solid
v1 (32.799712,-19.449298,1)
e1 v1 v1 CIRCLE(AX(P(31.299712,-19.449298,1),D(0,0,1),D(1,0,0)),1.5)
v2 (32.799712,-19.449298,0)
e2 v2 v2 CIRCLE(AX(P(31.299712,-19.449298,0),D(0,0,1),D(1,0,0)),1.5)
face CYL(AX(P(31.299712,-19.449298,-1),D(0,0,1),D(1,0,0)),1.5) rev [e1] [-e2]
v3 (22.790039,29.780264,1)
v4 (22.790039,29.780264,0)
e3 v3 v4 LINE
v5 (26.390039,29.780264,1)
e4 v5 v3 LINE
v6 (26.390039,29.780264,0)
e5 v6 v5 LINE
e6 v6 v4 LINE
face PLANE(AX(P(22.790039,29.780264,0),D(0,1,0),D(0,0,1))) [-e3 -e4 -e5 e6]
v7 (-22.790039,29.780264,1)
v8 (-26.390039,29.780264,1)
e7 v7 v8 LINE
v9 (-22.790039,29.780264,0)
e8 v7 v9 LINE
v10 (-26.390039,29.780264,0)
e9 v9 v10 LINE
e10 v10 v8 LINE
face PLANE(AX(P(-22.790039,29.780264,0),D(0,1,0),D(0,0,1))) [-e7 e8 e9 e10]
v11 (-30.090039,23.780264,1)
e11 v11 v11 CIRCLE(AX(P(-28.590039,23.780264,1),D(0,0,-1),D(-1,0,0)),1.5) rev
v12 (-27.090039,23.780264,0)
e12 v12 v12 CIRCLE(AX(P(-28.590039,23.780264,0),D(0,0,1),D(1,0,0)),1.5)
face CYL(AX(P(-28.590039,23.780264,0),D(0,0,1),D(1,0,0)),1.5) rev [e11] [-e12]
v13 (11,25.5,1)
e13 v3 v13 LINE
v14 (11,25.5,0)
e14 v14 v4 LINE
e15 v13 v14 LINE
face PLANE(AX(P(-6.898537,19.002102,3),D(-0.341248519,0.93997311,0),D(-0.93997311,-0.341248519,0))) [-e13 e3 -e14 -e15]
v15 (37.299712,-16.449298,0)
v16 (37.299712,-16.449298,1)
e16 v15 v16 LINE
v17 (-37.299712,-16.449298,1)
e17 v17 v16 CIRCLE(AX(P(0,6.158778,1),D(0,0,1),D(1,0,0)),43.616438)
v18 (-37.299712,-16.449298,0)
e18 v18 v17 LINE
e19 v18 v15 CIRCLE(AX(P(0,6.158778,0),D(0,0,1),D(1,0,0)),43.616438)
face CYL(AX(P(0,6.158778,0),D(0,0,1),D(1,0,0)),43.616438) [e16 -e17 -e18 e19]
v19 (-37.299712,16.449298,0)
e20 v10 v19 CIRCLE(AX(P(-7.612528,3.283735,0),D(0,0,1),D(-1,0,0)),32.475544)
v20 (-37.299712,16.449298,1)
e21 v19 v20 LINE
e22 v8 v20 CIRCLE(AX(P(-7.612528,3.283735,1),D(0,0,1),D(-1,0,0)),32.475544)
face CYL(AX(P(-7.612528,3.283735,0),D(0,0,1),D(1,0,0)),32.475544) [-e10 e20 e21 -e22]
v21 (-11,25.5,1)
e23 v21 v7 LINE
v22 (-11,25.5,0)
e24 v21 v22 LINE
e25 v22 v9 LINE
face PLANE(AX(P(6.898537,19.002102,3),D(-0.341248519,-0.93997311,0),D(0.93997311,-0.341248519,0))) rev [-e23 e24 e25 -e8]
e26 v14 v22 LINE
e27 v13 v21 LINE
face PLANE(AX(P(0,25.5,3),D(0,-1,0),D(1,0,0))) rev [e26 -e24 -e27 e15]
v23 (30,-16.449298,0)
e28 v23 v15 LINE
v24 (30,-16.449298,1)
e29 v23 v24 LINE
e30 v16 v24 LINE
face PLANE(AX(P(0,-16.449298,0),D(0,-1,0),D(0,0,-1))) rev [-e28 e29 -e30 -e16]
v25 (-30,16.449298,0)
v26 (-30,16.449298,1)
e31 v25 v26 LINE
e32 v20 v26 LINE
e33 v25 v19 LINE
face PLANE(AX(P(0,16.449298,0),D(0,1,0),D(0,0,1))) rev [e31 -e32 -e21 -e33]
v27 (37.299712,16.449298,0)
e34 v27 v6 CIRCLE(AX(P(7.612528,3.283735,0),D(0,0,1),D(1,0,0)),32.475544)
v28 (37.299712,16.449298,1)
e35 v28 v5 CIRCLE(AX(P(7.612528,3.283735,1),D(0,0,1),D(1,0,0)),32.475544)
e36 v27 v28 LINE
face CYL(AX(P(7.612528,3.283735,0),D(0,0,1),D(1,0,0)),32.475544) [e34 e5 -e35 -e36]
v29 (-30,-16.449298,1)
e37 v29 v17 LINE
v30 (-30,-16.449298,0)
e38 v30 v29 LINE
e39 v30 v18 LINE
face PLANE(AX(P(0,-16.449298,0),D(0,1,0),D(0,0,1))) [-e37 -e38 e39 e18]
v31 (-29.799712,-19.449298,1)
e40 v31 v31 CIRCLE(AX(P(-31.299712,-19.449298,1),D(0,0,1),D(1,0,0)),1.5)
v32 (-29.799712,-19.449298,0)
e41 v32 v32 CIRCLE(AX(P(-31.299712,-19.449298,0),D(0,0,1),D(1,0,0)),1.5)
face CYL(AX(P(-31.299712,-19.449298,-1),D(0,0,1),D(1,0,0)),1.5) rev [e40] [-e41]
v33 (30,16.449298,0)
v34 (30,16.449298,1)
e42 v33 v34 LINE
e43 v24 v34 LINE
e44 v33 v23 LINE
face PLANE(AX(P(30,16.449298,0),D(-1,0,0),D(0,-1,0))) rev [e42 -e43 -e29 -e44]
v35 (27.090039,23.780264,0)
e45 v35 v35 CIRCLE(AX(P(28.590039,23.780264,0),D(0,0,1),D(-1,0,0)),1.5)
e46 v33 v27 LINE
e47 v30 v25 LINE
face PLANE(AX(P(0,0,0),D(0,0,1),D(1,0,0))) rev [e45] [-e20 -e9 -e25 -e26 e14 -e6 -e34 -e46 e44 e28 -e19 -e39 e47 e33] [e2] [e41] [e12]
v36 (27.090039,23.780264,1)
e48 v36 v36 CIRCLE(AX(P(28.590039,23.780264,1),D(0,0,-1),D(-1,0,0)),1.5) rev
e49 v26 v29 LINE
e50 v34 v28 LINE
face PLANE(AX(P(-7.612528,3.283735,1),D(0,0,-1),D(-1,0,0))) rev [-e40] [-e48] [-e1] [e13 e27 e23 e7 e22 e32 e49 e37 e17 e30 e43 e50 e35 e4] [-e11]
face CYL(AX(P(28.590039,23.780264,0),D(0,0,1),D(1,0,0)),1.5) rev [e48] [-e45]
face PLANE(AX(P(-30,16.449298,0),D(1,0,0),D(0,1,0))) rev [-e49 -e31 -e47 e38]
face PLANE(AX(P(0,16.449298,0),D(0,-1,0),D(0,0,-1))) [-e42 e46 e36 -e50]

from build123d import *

# Parameters (mm, degrees)
BOSS_EXTRUDE1_DEPTH = 3
SKETCH2_R           = 1.5
CUT_EXTRUDE3_DEPTH  = 3
CUT_EXTRUDE4_START  = -10
CUT_EXTRUDE4_DEPTH  = 10
BOSS_EXTRUDE2_START = -3
BOSS_EXTRUDE2_DEPTH = 3
SKETCH5_W           = 0.56
SKETCH5_H           = 32.898596714
CUT_EXTRUDE5_DEPTH  = 3
SKETCH6_W           = 0.2
SKETCH6_H           = 32.898596714
CUT_EXTRUDE6_DEPTH  = 3
SKETCH7_R           = 2
CUT_EXTRUDE8_DEPTH  = 3
BOSS_EXTRUDE3_START = -3
BOSS_EXTRUDE3_DEPTH = 3
CUT_EXTRUDE9_START  = -3
CUT_EXTRUDE9_DEPTH  = 3
BOSS_EXTRUDE5_START = -3
BOSS_EXTRUDE5_DEPTH = 3
SKETCH11_R          = 1.5
CUT_EXTRUDE10_DEPTH = 3
CUT_EXTRUDE11_DEPTH = 3
SKETCH13_W          = 7
SKETCH13_H          = 1.5
CUT_EXTRUDE12_DEPTH = 3
SKETCH14_R          = 2
SKETCH14_R_2        = 1.5
SKETCH14_W          = 7
SKETCH14_H          = 1.5
BOSS_EXTRUDE6_DEPTH = 3
CUT_EXTRUDE13_START = -2
CUT_EXTRUDE13_DEPTH = 2
SKETCH16_R          = 1.5
CUT_EXTRUDE14_DEPTH = 2


with BuildPart() as part:
    # Sketch1 → Boss-Extrude1 (new body)
    with BuildSketch(Plane.XY):
        with BuildLine():
            Line((-11, 25.5), (-22.790038711, 29.780264196))
            ThreePointArc((-22.790038711, 29.780264196), (0, -37.5), (22.790038711, 29.780264196))
            Line((22.790038711, 29.780264196), (11, 25.5))
            Line((11, 25.5), (-11, 25.5))
        make_face()
    extrude(amount=BOSS_EXTRUDE1_DEPTH)

    # Sketch2 → Cut-Extrude3 (cut)
    with BuildSketch(Plane.XY.offset(3)):
        with Locations((-25.400000001, 10.496905453)):
            Circle(SKETCH2_R)
        with Locations((-25.399981845, -10.493094547)):
            Circle(SKETCH2_R)
        with Locations(Location((25.399981845, -10.493094547, 0), (0, 0, 180))):
            Circle(SKETCH2_R)
        with Locations(Location((25.400000001, 10.496905453, 0), (0, 0, 180))):
            Circle(SKETCH2_R)
    extrude(amount=-CUT_EXTRUDE3_DEPTH, mode=Mode.SUBTRACT)

    # Sketch3 → Cut-Extrude4 (cut)
    with BuildSketch(Plane.XY.offset(3).offset(CUT_EXTRUDE4_START)):
        with BuildLine():
            Line((-30.76, 21.449298357), (-30.76, -21.449298357))
            ThreePointArc((-30.76, -21.449298357), (-37.5, 0), (-30.76, 21.449298357))
        make_face()
        with BuildLine():
            Line((30.76, 21.449298357), (30.76, -21.449298357))
            ThreePointArc((30.76, -21.449298357), (37.5, 0), (30.76, 21.449298357))
        make_face()
    extrude(amount=CUT_EXTRUDE4_DEPTH, mode=Mode.SUBTRACT)

    # Sketch4 → Boss-Extrude2 (add)
    with BuildSketch(Plane.XY.offset(3).offset(BOSS_EXTRUDE2_START)):
        with BuildLine():
            Line((-30.76, -21.449298357), (-30.76, -16.449298357))
            Line((-30.76, -16.449298357), (-33.699711921, -16.449298357))
            ThreePointArc((-33.699711921, -16.449298357), (-32.32667034, -19.006219634), (-30.76, -21.449298357))
        make_face()
        with BuildLine():
            Line((-33.699711921, 16.449298357), (-30.76, 16.449298357))
            Line((-30.76, 16.449298357), (-30.76, 21.449298357))
            ThreePointArc((-30.76, 21.449298357), (-32.32667034, 19.006219634), (-33.699711921, 16.449298357))
        make_face()
        with BuildLine():
            Line((30.76, 21.449298357), (30.76, 16.449298357))
            Line((30.76, 16.449298357), (33.699711921, 16.449298357))
            ThreePointArc((33.699711921, 16.449298357), (32.32667034, 19.006219634), (30.76, 21.449298357))
        make_face()
        with BuildLine():
            Line((30.76, -16.449298357), (30.76, -21.449298357))
            ThreePointArc((30.76, -21.449298357), (32.32667034, -19.006219634), (33.699711921, -16.449298357))
            Line((33.699711921, -16.449298357), (30.76, -16.449298357))
        make_face()
    extrude(amount=BOSS_EXTRUDE2_DEPTH)

    # Sketch5 → Cut-Extrude5 (cut)
    with BuildSketch(Plane.XY.offset(3)):
        with Locations((-30.48, 0)):
            Rectangle(SKETCH5_W, SKETCH5_H)
        with Locations((30.48, 0)):
            Rectangle(SKETCH5_W, SKETCH5_H)
    extrude(amount=-CUT_EXTRUDE5_DEPTH, mode=Mode.SUBTRACT)

    # Sketch6 → Cut-Extrude6 (cut)
    with BuildSketch(Plane.XY.offset(3)):
        with Locations((-30.1, 0)):
            Rectangle(SKETCH6_W, SKETCH6_H)
        with Locations((30.1, 0)):
            Rectangle(SKETCH6_W, SKETCH6_H)
    extrude(amount=-CUT_EXTRUDE6_DEPTH, mode=Mode.SUBTRACT)

    # Sketch7 → Cut-Extrude8 (cut)
    with BuildSketch(Plane.XY.offset(3)):
        with Locations((-19.15, -21.55)):
            Circle(SKETCH7_R)
        with Locations(Location((19.15, -21.55, 0), (0, 0, 180))):
            Circle(SKETCH7_R)
    extrude(amount=-CUT_EXTRUDE8_DEPTH, mode=Mode.SUBTRACT)

    # Sketch8 → Boss-Extrude3 (add)
    with BuildSketch(Plane.XY.offset(3).offset(BOSS_EXTRUDE3_START)):
        with BuildLine():
            Line((-33.699711921, 16.449298357), (-37.299711921, 16.449298357))
            ThreePointArc((-37.299711921, 16.449298357), (-32.744884003, 23.851322108), (-26.390038711, 29.780264196))
            Line((-26.390038711, 29.780264196), (-22.790038711, 29.780264196))
            ThreePointArc((-22.790038711, 29.780264196), (-29.020710607, 23.749702226), (-33.699711921, 16.449298357))
        make_face()
        with BuildLine():
            Line((33.699711921, 16.449298357), (37.299711921, 16.449298357))
            ThreePointArc((37.299711921, 16.449298357), (32.744884003, 23.851322108), (26.390038711, 29.780264196))
            Line((26.390038711, 29.780264196), (22.790038711, 29.780264196))
            ThreePointArc((22.790038711, 29.780264196), (29.020710607, 23.749702226), (33.699711921, 16.449298357))
        make_face()
    extrude(amount=BOSS_EXTRUDE3_DEPTH)

    # Sketch9 → Cut-Extrude9 (cut)
    with BuildSketch(Plane.XY.offset(3).offset(CUT_EXTRUDE9_START)):
        with BuildLine():
            Line((4.733920151, -37.2), (-4.733920151, -37.2))
            ThreePointArc((-4.733920151, -37.2), (0, -37.5), (4.733920151, -37.2))
        make_face()
    extrude(amount=CUT_EXTRUDE9_DEPTH, mode=Mode.SUBTRACT)

    # Sketch10 → Boss-Extrude5 (add)
    with BuildSketch(Plane.XY.offset(3).offset(BOSS_EXTRUDE5_START)):
        with BuildLine():
            ThreePointArc((-4.733920151, -37.2), (-21.838816892, -30.484685938), (-33.699711921, -16.449298357))
            Line((-33.699711921, -16.449298357), (-37.299711921, -16.449298357))
            ThreePointArc((-37.299711921, -16.449298357), (-23.43831182, -30.624902723), (-4.733920151, -37.2))
        make_face()
        with BuildLine():
            ThreePointArc((33.699711921, -16.449298357), (21.838816892, -30.484685938), (4.733920151, -37.2))
            ThreePointArc((4.733920151, -37.2), (23.43831182, -30.624902723), (37.299711921, -16.449298357))
            Line((37.299711921, -16.449298357), (33.699711921, -16.449298357))
        make_face()
        with BuildLine():
            Line((4.733920151, -37.2), (-4.733920151, -37.2))
            ThreePointArc((-4.733920151, -37.2), (0, -37.457659609), (4.733920151, -37.2))
        make_face()
    extrude(amount=BOSS_EXTRUDE5_DEPTH)

    # Sketch11 → Cut-Extrude10 (cut)
    with BuildSketch(Plane.XY.offset(3)):
        with Locations((-28.590038711, 23.780264196)):
            Circle(SKETCH11_R)
        with Locations(Location((28.590038711, 23.780264196, 0), (0, 0, 180))):
            Circle(SKETCH11_R)
    extrude(amount=-CUT_EXTRUDE10_DEPTH, mode=Mode.SUBTRACT)

    # Sketch12 → Cut-Extrude11 (cut)
    with BuildSketch(Plane.XY.offset(3)):
        Polygon((-22.005113558, -26.391105244), (-15.660959049, -29.349433076), (-16.294886442, -30.708894756), (-22.639040951, -27.750566924), align=None)
        Polygon((22.005113558, -26.391105244), (15.660959049, -29.349433076), (16.294886442, -30.708894756), (22.639040951, -27.750566924), align=None)
    extrude(amount=-CUT_EXTRUDE11_DEPTH, mode=Mode.SUBTRACT)

    # Sketch13 → Cut-Extrude12 (cut)
    with BuildSketch(Plane.XY.offset(3)):
        with Locations((-17.400000001, 9.496905453)):
            Rectangle(SKETCH13_W, SKETCH13_H)
        with Locations((17.400000001, 9.496905453)):
            Rectangle(SKETCH13_W, SKETCH13_H)
    extrude(amount=-CUT_EXTRUDE12_DEPTH, mode=Mode.SUBTRACT)

    # Sketch14 → Boss-Extrude6 (add)
    with BuildSketch(Plane.XY.offset(3)):
        with Locations((-19.15, -21.55)):
            Circle(SKETCH14_R)
        with Locations((19.15, -21.55)):
            Circle(SKETCH14_R)
        with Locations((-25.399981845, -10.493094547)):
            Circle(SKETCH14_R_2)
        with Locations((-25.400000001, 10.496905453)):
            Circle(SKETCH14_R_2)
        with Locations((25.400000001, 10.496905453)):
            Circle(SKETCH14_R_2)
        with Locations((25.399981845, -10.493094547)):
            Circle(SKETCH14_R_2)
        Polygon((-22.005113558, -26.391105244), (-22.639040951, -27.750566924), (-16.294886442, -30.708894756), (-15.660959049, -29.349433076), align=None)
        with Locations((-17.400000001, 9.496905453)):
            Rectangle(SKETCH14_W, SKETCH14_H)
        with Locations((17.400000001, 9.496905453)):
            Rectangle(SKETCH14_W, SKETCH14_H)
        Polygon((16.294886442, -30.708894756), (15.660959049, -29.349433076), (22.005113558, -26.391105244), (22.639040951, -27.750566924), align=None)
    extrude(amount=-BOSS_EXTRUDE6_DEPTH)

    # Sketch15 → Cut-Extrude13 (cut)
    with BuildSketch(Plane.XY.offset(3).offset(CUT_EXTRUDE13_START)):
        with BuildLine():
            Line((-37.299711921, 16.449298357), (-30, 16.449298357))
            Line((-30, 16.449298357), (-30, -16.449298357))
            Line((-30, -16.449298357), (-37.299711921, -16.449298357))
            ThreePointArc((-37.299711921, -16.449298357), (0, -37.457659609), (37.299711921, -16.449298357))
            Line((37.299711921, -16.449298357), (30, -16.449298357))
            Line((30, -16.449298357), (30, 16.449298357))
            Line((30, 16.449298357), (37.299711921, 16.449298357))
            ThreePointArc((37.299711921, 16.449298357), (32.744884003, 23.851322108), (26.390038711, 29.780264196))
            Line((26.390038711, 29.780264196), (22.790038711, 29.780264196))
            Line((22.790038711, 29.780264196), (11, 25.5))
            Line((11, 25.5), (-11, 25.5))
            Line((-11, 25.5), (-22.790038711, 29.780264196))
            Line((-22.790038711, 29.780264196), (-26.390038711, 29.780264196))
            ThreePointArc((-26.390038711, 29.780264196), (-32.744884003, 23.851322108), (-37.299711921, 16.449298357))
        make_face()
    extrude(amount=CUT_EXTRUDE13_DEPTH, mode=Mode.SUBTRACT)

    # Sketch16 → Cut-Extrude14 (cut)
    with BuildSketch(Plane.XY.offset(1)):
        with Locations((-31.299711921, -19.449298357)):
            Circle(SKETCH16_R)
        with Locations((31.299711921, -19.449298357)):
            Circle(SKETCH16_R)
    extrude(amount=-CUT_EXTRUDE14_DEPTH, mode=Mode.SUBTRACT)


solid = part.part
